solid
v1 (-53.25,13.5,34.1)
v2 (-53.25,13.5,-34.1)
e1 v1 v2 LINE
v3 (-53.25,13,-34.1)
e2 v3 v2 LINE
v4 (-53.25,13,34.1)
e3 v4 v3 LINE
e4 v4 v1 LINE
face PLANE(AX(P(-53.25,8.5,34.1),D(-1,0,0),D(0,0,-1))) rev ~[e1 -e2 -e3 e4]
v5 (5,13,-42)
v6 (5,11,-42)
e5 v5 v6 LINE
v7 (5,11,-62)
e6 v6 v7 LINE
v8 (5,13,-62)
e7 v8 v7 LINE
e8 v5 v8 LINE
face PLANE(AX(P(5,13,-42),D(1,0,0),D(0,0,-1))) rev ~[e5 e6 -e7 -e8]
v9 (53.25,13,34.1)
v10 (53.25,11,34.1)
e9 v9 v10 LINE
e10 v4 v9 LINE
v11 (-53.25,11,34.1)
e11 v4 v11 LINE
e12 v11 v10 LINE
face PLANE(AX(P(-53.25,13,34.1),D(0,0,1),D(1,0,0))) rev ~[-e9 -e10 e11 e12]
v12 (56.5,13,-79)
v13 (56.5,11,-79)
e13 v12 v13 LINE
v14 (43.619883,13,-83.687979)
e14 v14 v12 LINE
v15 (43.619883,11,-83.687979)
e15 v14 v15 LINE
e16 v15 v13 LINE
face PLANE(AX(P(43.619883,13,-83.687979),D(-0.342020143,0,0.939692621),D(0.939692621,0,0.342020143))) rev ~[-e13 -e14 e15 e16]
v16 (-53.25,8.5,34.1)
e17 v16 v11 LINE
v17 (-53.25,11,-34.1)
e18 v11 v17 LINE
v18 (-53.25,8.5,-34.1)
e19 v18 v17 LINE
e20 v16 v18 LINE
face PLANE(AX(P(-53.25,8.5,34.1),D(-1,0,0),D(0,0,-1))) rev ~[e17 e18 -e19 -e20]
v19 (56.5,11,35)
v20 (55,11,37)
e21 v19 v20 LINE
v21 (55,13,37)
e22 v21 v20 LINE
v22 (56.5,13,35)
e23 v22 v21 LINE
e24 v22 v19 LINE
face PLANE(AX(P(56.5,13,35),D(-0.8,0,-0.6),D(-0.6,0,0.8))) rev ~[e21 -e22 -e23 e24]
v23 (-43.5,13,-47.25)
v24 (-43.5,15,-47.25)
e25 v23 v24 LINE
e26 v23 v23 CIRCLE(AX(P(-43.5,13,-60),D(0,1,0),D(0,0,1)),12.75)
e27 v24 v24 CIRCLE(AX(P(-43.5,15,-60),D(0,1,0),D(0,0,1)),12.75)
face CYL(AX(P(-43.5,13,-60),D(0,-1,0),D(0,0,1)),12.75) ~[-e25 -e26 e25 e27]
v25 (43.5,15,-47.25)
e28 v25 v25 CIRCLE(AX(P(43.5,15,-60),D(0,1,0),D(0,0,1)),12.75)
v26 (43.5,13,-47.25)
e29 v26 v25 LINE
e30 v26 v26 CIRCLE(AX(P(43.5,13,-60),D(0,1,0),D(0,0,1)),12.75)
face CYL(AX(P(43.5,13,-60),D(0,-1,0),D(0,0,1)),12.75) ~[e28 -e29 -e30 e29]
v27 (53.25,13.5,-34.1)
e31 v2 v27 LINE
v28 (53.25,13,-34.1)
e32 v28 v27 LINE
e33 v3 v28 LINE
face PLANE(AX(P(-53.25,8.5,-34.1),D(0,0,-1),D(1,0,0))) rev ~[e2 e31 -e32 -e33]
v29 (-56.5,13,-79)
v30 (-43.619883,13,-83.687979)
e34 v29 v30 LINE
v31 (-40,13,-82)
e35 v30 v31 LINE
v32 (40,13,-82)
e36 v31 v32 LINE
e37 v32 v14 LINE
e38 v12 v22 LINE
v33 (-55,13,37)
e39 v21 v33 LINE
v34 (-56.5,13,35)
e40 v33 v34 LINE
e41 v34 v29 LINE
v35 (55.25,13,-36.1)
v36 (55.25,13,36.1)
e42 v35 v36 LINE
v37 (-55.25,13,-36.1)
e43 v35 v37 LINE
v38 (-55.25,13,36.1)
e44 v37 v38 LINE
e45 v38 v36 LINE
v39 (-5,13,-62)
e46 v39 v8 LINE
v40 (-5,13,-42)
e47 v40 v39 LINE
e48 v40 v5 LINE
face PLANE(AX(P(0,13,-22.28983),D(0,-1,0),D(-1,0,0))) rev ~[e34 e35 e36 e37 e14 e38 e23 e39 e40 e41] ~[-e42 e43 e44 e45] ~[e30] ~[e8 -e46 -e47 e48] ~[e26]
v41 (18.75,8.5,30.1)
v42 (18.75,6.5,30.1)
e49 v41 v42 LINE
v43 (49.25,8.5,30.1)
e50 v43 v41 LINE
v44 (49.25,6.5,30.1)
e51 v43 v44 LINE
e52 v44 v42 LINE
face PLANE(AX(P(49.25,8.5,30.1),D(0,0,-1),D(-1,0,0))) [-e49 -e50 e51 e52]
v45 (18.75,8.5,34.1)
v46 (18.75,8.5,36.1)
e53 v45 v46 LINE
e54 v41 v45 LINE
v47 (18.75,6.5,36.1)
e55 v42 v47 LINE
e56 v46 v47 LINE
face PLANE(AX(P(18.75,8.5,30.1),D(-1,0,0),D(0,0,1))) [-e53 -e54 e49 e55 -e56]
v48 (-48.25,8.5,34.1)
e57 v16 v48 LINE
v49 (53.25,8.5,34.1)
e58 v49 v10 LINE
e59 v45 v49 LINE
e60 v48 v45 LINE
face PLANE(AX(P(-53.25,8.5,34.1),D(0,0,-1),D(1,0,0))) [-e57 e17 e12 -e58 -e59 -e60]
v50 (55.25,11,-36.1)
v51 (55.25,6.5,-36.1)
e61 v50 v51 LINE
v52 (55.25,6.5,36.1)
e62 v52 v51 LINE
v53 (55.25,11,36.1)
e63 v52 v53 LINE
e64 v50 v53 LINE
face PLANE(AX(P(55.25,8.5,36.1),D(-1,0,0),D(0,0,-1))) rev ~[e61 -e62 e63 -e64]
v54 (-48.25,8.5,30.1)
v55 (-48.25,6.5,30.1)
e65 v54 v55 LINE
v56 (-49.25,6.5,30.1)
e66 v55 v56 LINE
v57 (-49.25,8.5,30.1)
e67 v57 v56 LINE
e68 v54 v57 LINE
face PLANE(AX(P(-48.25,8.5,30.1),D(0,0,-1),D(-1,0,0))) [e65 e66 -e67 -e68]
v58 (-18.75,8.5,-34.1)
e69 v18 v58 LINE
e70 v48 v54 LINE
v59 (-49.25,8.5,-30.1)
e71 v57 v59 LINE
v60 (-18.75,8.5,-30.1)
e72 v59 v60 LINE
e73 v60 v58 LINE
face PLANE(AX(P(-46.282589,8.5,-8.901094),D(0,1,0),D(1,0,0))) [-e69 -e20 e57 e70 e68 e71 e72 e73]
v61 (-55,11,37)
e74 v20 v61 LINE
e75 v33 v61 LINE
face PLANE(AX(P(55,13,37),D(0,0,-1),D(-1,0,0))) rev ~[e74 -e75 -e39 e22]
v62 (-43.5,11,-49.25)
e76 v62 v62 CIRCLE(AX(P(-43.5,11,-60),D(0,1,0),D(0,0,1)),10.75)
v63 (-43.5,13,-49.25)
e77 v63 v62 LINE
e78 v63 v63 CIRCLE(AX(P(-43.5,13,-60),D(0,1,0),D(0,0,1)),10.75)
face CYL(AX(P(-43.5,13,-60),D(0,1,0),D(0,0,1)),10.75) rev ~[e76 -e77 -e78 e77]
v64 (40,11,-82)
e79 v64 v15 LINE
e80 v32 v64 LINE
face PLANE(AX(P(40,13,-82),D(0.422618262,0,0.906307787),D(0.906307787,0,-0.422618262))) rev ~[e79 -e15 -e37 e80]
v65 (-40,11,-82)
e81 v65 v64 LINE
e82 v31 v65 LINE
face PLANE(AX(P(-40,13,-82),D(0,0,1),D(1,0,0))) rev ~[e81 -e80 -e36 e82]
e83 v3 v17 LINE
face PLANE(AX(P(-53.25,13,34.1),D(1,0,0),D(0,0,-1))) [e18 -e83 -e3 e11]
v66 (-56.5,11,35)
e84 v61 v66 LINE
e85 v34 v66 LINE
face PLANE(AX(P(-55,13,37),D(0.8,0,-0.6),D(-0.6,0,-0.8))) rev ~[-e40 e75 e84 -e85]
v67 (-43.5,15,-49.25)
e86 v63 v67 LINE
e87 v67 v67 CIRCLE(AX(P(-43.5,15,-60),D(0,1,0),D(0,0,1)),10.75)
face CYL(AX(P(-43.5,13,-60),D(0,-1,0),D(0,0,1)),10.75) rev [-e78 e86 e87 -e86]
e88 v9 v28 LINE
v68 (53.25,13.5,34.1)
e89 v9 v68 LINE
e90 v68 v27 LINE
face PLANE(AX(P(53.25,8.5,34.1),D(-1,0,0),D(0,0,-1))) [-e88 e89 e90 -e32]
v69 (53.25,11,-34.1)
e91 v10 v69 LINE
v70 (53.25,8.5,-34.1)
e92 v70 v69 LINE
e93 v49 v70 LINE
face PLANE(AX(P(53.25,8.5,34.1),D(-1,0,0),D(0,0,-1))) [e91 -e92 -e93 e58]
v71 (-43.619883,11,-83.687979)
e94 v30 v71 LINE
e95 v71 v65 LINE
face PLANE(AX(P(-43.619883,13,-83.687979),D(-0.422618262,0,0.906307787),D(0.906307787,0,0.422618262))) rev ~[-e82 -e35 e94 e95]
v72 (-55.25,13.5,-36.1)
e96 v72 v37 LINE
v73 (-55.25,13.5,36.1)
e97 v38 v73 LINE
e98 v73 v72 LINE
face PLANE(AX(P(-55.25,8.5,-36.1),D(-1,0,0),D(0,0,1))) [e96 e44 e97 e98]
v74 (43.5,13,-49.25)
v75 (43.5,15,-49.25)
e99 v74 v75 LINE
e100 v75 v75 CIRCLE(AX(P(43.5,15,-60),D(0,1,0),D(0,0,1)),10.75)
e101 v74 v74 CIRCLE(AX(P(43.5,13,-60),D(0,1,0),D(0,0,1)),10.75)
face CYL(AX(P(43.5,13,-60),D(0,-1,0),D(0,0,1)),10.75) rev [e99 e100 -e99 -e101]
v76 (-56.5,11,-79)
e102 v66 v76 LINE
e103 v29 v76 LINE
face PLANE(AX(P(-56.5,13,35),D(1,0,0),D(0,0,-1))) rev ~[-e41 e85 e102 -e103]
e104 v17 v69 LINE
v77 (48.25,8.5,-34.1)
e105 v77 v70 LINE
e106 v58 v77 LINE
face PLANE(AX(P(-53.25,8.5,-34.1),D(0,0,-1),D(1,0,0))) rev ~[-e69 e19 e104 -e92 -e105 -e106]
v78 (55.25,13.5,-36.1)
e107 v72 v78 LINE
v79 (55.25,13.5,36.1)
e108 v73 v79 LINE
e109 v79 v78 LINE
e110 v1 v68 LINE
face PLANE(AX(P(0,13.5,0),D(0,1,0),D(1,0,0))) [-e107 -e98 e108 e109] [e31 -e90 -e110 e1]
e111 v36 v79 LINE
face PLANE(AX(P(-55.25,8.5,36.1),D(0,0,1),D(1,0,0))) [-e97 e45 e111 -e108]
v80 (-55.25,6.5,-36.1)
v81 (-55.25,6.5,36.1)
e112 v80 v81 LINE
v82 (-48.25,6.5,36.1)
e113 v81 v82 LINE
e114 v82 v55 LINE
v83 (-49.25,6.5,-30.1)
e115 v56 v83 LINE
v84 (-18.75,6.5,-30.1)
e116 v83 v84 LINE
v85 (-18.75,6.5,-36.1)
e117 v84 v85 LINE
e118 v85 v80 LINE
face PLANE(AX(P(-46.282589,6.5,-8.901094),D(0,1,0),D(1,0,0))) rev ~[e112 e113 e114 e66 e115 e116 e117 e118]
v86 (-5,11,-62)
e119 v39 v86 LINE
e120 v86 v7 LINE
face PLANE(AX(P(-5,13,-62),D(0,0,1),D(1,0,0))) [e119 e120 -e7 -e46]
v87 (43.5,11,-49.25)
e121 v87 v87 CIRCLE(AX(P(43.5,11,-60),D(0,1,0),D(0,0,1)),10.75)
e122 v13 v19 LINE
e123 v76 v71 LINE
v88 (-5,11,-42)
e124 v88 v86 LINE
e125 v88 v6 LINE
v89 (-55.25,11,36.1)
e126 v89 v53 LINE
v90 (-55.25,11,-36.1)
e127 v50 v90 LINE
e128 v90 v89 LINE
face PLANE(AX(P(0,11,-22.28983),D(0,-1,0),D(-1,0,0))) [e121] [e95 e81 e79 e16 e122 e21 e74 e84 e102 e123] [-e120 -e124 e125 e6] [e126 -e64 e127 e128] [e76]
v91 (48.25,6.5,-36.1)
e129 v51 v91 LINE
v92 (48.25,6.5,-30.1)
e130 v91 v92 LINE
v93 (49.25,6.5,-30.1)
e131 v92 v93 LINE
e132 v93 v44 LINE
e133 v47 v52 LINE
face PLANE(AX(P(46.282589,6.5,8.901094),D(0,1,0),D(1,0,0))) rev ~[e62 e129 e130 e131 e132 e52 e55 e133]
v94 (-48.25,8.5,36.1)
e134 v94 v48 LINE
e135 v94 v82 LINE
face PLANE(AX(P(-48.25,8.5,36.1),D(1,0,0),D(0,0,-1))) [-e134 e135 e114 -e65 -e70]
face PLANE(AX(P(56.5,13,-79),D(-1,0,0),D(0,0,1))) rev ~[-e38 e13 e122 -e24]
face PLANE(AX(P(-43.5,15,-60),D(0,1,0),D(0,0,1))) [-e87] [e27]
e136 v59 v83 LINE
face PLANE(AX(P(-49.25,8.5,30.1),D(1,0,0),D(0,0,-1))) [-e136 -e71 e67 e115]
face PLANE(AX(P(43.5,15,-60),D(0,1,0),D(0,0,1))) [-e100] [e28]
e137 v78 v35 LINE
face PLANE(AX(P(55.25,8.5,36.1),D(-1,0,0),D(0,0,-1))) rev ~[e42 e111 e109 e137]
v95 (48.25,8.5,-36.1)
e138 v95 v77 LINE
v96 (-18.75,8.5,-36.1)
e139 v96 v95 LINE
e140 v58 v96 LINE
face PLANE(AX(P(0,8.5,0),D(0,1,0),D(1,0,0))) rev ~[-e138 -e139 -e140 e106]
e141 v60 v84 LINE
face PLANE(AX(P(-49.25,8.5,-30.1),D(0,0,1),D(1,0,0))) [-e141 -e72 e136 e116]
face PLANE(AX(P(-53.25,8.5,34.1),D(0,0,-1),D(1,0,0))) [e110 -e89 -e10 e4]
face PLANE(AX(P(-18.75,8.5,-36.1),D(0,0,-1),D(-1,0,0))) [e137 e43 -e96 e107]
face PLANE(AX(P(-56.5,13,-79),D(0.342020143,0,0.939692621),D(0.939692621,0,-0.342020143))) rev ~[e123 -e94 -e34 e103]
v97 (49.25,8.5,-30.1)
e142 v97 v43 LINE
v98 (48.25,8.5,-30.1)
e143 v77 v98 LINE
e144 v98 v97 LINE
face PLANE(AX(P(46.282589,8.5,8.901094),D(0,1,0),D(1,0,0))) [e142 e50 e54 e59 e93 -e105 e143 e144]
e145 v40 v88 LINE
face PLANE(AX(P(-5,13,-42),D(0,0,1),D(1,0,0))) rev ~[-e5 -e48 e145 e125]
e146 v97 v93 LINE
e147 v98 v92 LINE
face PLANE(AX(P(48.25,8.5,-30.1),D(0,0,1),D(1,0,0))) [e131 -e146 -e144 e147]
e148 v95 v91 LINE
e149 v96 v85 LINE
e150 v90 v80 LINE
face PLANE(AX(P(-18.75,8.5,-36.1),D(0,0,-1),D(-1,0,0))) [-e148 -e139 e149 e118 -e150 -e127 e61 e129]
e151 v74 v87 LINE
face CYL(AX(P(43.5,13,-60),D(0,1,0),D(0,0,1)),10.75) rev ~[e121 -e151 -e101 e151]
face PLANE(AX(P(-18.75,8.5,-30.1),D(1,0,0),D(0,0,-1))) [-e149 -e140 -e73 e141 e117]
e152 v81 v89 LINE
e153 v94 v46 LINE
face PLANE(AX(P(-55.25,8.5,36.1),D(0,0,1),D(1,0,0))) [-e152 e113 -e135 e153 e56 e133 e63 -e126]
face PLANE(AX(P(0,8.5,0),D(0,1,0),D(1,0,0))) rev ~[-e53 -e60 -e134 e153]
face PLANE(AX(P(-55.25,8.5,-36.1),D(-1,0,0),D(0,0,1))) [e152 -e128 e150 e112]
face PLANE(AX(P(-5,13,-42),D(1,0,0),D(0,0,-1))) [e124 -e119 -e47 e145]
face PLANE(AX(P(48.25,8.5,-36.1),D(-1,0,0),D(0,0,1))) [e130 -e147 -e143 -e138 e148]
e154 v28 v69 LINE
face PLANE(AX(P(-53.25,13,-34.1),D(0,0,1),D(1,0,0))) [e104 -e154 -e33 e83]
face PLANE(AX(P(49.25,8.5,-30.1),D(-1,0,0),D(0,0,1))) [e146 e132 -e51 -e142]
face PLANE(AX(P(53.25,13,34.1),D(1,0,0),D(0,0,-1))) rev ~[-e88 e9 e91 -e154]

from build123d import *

# Parameters (mm, degrees)
SKETCH1_W             = 110.5
SKETCH1_H             = 72.2
SKETCH1_W_2           = 106.5
SKETCH1_H_2           = 68.2
BOSS_EXTRUDE1_DEPTH   = 5
BOSS_EXTRUDE2_DEPTH   = 2
SKETCH4_R             = 12.75
SKETCH4_R_2           = 10.75
BOSS_EXTRUDE3_DEPTH   = 2
BOSS_EXTRUDE3_2_DEPTH = 2
SKETCH5_R             = 10.75
SKETCH5_W             = 106.5
SKETCH5_H             = 68.2
SKETCH5_W_2           = 10
SKETCH5_H_2           = 20
BOSS_EXTRUDE4_DEPTH   = 2


with BuildPart() as part:
    # Sketch1 → Boss-Extrude1 (new body)
    with BuildSketch(Plane(origin=(0, 8.5, 0), x_dir=(1, 0, 0), z_dir=(0, 1, 0))):
        Rectangle(SKETCH1_W, SKETCH1_H)
        Rectangle(SKETCH1_W_2, SKETCH1_H_2, mode=Mode.SUBTRACT)
    extrude(amount=BOSS_EXTRUDE1_DEPTH)

    # Sketch2 → Boss-Extrude2 (add)
    with BuildSketch(Plane(origin=(0, 8.5, 0), x_dir=(1, 0, 0), z_dir=(0, 1, 0))):
        Polygon((-55.25, 36.1), (-55.25, -36.1), (-48.25, -36.1), (-48.25, -30.1), (-49.25, -30.1), (-49.25, 30.1), (-18.75, 30.1), (-18.75, 36.1), align=None)
        Polygon((55.25, -36.1), (55.25, 36.1), (48.25, 36.1), (48.25, 30.1), (49.25, 30.1), (49.25, -30.1), (18.75, -30.1), (18.75, -36.1), align=None)
    extrude(amount=-BOSS_EXTRUDE2_DEPTH)



with BuildPart() as body_2:
    # Sketch4 → Boss-Extrude3 (new body)
    with BuildSketch(Plane(origin=(0, 13, 0), x_dir=(1, 0, 0), z_dir=(0, 1, 0))):
        with Locations((-43.5, 60)):
            Circle(SKETCH4_R)
        with Locations((-43.5, 60)):
            Circle(SKETCH4_R_2, mode=Mode.SUBTRACT)
    extrude(amount=BOSS_EXTRUDE3_DEPTH)


with BuildPart() as body_3:
    # Sketch4 → Boss-Extrude3 2 (new body)
    with BuildSketch(Plane(origin=(0, 13, 0), x_dir=(1, 0, 0), z_dir=(0, 1, 0))):
        with Locations((43.5, 60)):
            Circle(SKETCH4_R)
        with Locations((43.5, 60)):
            Circle(SKETCH4_R_2, mode=Mode.SUBTRACT)
    extrude(amount=BOSS_EXTRUDE3_2_DEPTH)


with BuildPart() as part_1:
    add(part.part)

    add(body_2.part)  # Boss-Extrude4 merges body 2

    add(body_3.part)  # Boss-Extrude4 merges body 3
    # Sketch5 → Boss-Extrude4 (add)
    with BuildSketch(Plane(origin=(0, 13, 0), x_dir=(1, 0, 0), z_dir=(0, 1, 0))):
        Polygon((-56.5, -35), (-56.5, 79), (-43.619883045, 83.687979185), (-40, 82), (40, 82), (43.619883045, 83.687979185), (56.5, 79), (56.5, -35), (55, -37), (-55, -37), align=None)
        with Locations((-43.5, 60)):
            Circle(SKETCH5_R, mode=Mode.SUBTRACT)
        with Locations((43.5, 60)):
            Circle(SKETCH5_R, mode=Mode.SUBTRACT)
        Rectangle(SKETCH5_W, SKETCH5_H, mode=Mode.SUBTRACT)
        with Locations((0, 52)):
            Rectangle(SKETCH5_W_2, SKETCH5_H_2, mode=Mode.SUBTRACT)
    extrude(amount=-BOSS_EXTRUDE4_DEPTH)


solid = part_1.part
